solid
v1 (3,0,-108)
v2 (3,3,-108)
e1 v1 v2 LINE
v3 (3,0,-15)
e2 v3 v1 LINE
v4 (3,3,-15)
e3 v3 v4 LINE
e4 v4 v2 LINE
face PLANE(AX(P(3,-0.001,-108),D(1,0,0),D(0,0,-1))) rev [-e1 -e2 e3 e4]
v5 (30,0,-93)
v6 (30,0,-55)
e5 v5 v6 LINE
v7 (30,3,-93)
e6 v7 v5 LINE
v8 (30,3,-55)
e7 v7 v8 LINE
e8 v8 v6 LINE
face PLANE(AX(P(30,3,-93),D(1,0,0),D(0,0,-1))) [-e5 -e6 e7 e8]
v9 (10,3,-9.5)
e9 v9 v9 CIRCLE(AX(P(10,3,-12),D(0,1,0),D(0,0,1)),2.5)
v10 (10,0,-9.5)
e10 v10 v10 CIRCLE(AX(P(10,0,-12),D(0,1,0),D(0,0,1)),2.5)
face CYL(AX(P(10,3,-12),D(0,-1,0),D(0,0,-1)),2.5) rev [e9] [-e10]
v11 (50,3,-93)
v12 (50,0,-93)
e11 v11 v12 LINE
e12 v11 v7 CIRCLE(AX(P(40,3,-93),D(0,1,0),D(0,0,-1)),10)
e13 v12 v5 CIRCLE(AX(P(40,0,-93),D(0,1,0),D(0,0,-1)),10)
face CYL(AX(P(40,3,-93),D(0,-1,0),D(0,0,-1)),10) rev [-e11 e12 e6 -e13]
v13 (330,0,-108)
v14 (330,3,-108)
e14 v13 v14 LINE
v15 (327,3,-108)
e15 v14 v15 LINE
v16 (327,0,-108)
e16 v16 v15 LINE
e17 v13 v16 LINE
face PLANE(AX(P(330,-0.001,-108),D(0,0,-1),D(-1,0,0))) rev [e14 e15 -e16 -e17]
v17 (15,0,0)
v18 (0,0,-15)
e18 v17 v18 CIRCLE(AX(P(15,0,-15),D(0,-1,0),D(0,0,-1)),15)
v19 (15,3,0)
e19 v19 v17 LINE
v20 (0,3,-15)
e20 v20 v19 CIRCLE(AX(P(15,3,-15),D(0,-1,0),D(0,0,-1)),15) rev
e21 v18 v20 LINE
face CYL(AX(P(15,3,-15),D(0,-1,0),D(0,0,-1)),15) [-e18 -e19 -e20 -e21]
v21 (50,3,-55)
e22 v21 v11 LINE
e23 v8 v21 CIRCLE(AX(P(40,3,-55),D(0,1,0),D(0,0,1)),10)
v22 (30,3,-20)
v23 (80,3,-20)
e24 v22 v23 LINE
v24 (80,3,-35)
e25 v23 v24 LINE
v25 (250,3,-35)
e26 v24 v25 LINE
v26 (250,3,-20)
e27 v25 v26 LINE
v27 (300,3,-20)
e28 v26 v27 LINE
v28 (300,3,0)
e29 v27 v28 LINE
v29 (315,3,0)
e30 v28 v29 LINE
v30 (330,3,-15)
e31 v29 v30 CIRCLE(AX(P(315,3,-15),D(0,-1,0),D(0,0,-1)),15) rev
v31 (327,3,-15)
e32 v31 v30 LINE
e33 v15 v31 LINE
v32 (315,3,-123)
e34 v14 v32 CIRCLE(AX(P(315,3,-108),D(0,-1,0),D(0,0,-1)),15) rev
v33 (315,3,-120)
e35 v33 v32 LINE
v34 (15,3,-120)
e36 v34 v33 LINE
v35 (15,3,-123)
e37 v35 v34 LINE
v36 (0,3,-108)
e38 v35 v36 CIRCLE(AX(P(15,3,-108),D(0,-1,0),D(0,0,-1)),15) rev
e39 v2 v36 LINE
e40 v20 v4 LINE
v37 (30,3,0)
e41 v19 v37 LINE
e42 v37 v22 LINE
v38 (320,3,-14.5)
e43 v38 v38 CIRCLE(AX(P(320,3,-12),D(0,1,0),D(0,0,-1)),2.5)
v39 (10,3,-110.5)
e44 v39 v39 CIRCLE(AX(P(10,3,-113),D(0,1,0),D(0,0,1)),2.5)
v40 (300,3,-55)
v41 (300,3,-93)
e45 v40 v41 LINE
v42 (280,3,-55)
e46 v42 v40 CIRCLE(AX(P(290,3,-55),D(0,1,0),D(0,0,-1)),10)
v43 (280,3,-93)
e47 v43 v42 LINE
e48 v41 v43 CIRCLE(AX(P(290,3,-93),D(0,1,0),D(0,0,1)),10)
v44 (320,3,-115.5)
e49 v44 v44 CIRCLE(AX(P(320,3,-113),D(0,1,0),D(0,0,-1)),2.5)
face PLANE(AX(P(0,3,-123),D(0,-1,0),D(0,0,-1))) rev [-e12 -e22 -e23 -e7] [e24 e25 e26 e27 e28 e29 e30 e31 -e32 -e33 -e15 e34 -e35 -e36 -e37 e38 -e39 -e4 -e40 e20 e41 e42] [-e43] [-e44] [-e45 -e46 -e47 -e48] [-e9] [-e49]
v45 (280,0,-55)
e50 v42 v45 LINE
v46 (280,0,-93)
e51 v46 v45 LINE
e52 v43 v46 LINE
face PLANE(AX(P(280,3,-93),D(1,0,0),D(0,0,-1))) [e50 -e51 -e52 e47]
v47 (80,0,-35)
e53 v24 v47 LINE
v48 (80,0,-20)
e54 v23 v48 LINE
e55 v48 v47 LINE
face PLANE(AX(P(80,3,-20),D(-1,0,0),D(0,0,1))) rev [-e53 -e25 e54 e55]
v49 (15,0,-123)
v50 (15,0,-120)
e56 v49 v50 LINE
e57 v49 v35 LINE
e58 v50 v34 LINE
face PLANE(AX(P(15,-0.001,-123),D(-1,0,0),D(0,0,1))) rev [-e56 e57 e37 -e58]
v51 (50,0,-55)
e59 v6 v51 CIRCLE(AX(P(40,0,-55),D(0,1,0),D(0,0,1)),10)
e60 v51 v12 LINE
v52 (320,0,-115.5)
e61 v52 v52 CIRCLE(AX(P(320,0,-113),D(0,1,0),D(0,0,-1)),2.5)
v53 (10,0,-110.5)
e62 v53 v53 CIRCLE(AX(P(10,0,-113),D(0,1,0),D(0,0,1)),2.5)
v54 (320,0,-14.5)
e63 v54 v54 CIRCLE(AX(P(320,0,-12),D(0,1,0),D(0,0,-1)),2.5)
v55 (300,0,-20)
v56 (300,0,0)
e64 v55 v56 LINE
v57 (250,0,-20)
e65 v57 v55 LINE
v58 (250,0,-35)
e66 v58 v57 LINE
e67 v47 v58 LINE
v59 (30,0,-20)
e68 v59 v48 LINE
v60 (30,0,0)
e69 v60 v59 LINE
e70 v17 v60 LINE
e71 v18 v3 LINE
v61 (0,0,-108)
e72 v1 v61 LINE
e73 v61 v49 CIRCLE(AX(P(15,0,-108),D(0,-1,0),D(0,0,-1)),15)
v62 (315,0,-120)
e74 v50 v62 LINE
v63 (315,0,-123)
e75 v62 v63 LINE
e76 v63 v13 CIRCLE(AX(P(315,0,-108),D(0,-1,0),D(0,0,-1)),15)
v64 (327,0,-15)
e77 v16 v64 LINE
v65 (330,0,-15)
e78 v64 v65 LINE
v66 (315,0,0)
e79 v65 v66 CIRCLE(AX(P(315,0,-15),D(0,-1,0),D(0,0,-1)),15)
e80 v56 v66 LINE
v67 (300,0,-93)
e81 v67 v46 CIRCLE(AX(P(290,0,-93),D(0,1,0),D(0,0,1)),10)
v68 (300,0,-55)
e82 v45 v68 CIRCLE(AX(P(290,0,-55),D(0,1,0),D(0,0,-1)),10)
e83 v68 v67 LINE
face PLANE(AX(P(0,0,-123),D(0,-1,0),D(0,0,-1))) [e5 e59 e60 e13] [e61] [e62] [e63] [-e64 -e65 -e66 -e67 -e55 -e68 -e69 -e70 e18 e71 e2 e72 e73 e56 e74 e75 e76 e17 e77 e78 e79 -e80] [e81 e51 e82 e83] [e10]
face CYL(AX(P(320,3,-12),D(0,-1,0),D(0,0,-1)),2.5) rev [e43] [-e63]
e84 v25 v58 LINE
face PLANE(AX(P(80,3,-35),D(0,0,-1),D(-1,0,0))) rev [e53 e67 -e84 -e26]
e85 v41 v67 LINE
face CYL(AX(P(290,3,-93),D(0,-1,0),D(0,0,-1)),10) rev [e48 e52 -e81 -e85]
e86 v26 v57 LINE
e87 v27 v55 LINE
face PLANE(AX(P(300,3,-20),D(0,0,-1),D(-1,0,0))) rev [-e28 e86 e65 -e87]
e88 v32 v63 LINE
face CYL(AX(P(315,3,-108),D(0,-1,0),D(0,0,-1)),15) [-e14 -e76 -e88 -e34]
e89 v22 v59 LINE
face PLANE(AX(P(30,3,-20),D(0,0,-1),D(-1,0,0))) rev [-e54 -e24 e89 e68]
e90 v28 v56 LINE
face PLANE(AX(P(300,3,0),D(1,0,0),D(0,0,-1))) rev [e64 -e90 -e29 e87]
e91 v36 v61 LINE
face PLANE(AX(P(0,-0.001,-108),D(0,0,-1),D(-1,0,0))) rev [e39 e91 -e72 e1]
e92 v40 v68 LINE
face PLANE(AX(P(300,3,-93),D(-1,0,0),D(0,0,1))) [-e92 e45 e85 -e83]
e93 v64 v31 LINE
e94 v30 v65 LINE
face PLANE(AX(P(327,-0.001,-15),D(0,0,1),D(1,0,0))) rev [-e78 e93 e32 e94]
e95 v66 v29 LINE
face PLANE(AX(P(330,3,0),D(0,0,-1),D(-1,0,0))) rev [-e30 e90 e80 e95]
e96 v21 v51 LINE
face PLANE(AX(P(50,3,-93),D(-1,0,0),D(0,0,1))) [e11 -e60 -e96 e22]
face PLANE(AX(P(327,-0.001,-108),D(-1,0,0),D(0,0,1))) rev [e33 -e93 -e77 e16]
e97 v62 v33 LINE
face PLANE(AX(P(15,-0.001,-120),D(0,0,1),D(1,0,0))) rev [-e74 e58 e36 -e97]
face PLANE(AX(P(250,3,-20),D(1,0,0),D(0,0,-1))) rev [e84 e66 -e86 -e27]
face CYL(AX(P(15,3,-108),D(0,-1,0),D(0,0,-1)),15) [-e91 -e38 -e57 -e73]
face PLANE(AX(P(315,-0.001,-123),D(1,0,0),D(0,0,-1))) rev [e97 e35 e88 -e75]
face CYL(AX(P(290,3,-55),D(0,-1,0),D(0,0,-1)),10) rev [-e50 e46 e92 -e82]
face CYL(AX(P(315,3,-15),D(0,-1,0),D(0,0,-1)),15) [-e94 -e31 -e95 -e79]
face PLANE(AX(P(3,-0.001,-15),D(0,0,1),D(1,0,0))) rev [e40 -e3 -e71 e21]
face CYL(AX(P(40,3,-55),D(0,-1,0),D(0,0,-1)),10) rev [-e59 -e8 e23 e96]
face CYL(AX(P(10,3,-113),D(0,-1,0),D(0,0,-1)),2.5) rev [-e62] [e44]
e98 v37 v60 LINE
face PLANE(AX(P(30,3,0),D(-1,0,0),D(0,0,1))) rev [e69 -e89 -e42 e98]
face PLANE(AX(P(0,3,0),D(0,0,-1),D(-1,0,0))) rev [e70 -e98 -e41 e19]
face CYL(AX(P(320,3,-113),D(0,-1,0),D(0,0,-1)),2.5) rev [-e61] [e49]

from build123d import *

# Parameters (mm, degrees)
ESQUISSE1_R      = 2.5
EXTRUSION1_DEPTH = 3
CONG_1_R         = 15
EXTRUSION2_REACH = 5
ESQUISSE2_W      = 3
ESQUISSE2_H      = 93
ESQUISSE2_W_2    = 300
ESQUISSE2_H_2    = 3


with BuildPart() as part:
    # Esquisse1 → Extrusion1 (new body)
    with BuildSketch(Plane(origin=(0, 0, 0), x_dir=(1, 0, 0), z_dir=(0, 1, 0))):
        Polygon((0, 0), (30, 0), (30, 20), (80, 20), (80, 35), (250, 35), (250, 20), (300, 20), (300, 0), (330, 0), (330, 123), (0, 123), align=None)
        with Locations((10, 113)):
            Circle(ESQUISSE1_R, mode=Mode.SUBTRACT)
        with Locations((320, 113)):
            Circle(ESQUISSE1_R, mode=Mode.SUBTRACT)
        with Locations((10, 12)):
            Circle(ESQUISSE1_R, mode=Mode.SUBTRACT)
        with Locations((320, 12)):
            Circle(ESQUISSE1_R, mode=Mode.SUBTRACT)
        with BuildLine():
            Line((300, 93), (300, 55))
            ThreePointArc((300, 55), (290, 45), (280, 55))
            Line((280, 55), (280, 93))
            ThreePointArc((280, 93), (290, 103), (300, 93))
        make_face(mode=Mode.SUBTRACT)
        with BuildLine():
            Line((30, 93), (30, 55))
            ThreePointArc((30, 55), (40, 45), (50, 55))
            Line((50, 55), (50, 93))
            ThreePointArc((50, 93), (40, 103), (30, 93))
        make_face(mode=Mode.SUBTRACT)
    extrude(amount=EXTRUSION1_DEPTH)

    # Congé1
    cong_1_edges = [part.edges().sort_by_distance(p)[0] for p in [
        (0, 1.5, -123),
        (330, 1.5, -123),
        (330, 1.5, 0),
        (0, 1.5, 0),
    ]]
    fillet(cong_1_edges, radius=CONG_1_R)

    # Esquisse2 → Extrusion2 (cut, up to next)
    with BuildSketch(Plane(origin=(0, 3, 0), x_dir=(1, 0, 0), z_dir=(0, 1, 0)), mode=Mode.PRIVATE) as extrusion2_sk1:
        with Locations((1.5, 61.5)):
            Rectangle(ESQUISSE2_W, ESQUISSE2_H)
    extrusion2_tool1 = extrude(extrusion2_sk1.sketch, amount=-EXTRUSION2_REACH, mode=Mode.PRIVATE) & part.part
    add(extrusion2_tool1.solids().sort_by_distance((1.5, 3, -61.5))[0], mode=Mode.SUBTRACT)
    # Esquisse2 → Extrusion2 (cut, up to next)
    with BuildSketch(Plane(origin=(0, 3, 0), x_dir=(1, 0, 0), z_dir=(0, 1, 0)), mode=Mode.PRIVATE) as extrusion2_sk2:
        with Locations((165, 121.5)):
            Rectangle(ESQUISSE2_W_2, ESQUISSE2_H_2)
    extrusion2_tool2 = extrude(extrusion2_sk2.sketch, amount=-EXTRUSION2_REACH, mode=Mode.PRIVATE) & part.part
    add(extrusion2_tool2.solids().sort_by_distance((165, 3, -121.5))[0], mode=Mode.SUBTRACT)
    # Esquisse2 → Extrusion2 (cut, up to next)
    with BuildSketch(Plane(origin=(0, 3, 0), x_dir=(1, 0, 0), z_dir=(0, 1, 0)), mode=Mode.PRIVATE) as extrusion2_sk3:
        with Locations((328.5, 61.5)):
            Rectangle(ESQUISSE2_W, ESQUISSE2_H)
    extrusion2_tool3 = extrude(extrusion2_sk3.sketch, amount=-EXTRUSION2_REACH, mode=Mode.PRIVATE) & part.part
    add(extrusion2_tool3.solids().sort_by_distance((328.5, 3, -61.5))[0], mode=Mode.SUBTRACT)


solid = part.part
